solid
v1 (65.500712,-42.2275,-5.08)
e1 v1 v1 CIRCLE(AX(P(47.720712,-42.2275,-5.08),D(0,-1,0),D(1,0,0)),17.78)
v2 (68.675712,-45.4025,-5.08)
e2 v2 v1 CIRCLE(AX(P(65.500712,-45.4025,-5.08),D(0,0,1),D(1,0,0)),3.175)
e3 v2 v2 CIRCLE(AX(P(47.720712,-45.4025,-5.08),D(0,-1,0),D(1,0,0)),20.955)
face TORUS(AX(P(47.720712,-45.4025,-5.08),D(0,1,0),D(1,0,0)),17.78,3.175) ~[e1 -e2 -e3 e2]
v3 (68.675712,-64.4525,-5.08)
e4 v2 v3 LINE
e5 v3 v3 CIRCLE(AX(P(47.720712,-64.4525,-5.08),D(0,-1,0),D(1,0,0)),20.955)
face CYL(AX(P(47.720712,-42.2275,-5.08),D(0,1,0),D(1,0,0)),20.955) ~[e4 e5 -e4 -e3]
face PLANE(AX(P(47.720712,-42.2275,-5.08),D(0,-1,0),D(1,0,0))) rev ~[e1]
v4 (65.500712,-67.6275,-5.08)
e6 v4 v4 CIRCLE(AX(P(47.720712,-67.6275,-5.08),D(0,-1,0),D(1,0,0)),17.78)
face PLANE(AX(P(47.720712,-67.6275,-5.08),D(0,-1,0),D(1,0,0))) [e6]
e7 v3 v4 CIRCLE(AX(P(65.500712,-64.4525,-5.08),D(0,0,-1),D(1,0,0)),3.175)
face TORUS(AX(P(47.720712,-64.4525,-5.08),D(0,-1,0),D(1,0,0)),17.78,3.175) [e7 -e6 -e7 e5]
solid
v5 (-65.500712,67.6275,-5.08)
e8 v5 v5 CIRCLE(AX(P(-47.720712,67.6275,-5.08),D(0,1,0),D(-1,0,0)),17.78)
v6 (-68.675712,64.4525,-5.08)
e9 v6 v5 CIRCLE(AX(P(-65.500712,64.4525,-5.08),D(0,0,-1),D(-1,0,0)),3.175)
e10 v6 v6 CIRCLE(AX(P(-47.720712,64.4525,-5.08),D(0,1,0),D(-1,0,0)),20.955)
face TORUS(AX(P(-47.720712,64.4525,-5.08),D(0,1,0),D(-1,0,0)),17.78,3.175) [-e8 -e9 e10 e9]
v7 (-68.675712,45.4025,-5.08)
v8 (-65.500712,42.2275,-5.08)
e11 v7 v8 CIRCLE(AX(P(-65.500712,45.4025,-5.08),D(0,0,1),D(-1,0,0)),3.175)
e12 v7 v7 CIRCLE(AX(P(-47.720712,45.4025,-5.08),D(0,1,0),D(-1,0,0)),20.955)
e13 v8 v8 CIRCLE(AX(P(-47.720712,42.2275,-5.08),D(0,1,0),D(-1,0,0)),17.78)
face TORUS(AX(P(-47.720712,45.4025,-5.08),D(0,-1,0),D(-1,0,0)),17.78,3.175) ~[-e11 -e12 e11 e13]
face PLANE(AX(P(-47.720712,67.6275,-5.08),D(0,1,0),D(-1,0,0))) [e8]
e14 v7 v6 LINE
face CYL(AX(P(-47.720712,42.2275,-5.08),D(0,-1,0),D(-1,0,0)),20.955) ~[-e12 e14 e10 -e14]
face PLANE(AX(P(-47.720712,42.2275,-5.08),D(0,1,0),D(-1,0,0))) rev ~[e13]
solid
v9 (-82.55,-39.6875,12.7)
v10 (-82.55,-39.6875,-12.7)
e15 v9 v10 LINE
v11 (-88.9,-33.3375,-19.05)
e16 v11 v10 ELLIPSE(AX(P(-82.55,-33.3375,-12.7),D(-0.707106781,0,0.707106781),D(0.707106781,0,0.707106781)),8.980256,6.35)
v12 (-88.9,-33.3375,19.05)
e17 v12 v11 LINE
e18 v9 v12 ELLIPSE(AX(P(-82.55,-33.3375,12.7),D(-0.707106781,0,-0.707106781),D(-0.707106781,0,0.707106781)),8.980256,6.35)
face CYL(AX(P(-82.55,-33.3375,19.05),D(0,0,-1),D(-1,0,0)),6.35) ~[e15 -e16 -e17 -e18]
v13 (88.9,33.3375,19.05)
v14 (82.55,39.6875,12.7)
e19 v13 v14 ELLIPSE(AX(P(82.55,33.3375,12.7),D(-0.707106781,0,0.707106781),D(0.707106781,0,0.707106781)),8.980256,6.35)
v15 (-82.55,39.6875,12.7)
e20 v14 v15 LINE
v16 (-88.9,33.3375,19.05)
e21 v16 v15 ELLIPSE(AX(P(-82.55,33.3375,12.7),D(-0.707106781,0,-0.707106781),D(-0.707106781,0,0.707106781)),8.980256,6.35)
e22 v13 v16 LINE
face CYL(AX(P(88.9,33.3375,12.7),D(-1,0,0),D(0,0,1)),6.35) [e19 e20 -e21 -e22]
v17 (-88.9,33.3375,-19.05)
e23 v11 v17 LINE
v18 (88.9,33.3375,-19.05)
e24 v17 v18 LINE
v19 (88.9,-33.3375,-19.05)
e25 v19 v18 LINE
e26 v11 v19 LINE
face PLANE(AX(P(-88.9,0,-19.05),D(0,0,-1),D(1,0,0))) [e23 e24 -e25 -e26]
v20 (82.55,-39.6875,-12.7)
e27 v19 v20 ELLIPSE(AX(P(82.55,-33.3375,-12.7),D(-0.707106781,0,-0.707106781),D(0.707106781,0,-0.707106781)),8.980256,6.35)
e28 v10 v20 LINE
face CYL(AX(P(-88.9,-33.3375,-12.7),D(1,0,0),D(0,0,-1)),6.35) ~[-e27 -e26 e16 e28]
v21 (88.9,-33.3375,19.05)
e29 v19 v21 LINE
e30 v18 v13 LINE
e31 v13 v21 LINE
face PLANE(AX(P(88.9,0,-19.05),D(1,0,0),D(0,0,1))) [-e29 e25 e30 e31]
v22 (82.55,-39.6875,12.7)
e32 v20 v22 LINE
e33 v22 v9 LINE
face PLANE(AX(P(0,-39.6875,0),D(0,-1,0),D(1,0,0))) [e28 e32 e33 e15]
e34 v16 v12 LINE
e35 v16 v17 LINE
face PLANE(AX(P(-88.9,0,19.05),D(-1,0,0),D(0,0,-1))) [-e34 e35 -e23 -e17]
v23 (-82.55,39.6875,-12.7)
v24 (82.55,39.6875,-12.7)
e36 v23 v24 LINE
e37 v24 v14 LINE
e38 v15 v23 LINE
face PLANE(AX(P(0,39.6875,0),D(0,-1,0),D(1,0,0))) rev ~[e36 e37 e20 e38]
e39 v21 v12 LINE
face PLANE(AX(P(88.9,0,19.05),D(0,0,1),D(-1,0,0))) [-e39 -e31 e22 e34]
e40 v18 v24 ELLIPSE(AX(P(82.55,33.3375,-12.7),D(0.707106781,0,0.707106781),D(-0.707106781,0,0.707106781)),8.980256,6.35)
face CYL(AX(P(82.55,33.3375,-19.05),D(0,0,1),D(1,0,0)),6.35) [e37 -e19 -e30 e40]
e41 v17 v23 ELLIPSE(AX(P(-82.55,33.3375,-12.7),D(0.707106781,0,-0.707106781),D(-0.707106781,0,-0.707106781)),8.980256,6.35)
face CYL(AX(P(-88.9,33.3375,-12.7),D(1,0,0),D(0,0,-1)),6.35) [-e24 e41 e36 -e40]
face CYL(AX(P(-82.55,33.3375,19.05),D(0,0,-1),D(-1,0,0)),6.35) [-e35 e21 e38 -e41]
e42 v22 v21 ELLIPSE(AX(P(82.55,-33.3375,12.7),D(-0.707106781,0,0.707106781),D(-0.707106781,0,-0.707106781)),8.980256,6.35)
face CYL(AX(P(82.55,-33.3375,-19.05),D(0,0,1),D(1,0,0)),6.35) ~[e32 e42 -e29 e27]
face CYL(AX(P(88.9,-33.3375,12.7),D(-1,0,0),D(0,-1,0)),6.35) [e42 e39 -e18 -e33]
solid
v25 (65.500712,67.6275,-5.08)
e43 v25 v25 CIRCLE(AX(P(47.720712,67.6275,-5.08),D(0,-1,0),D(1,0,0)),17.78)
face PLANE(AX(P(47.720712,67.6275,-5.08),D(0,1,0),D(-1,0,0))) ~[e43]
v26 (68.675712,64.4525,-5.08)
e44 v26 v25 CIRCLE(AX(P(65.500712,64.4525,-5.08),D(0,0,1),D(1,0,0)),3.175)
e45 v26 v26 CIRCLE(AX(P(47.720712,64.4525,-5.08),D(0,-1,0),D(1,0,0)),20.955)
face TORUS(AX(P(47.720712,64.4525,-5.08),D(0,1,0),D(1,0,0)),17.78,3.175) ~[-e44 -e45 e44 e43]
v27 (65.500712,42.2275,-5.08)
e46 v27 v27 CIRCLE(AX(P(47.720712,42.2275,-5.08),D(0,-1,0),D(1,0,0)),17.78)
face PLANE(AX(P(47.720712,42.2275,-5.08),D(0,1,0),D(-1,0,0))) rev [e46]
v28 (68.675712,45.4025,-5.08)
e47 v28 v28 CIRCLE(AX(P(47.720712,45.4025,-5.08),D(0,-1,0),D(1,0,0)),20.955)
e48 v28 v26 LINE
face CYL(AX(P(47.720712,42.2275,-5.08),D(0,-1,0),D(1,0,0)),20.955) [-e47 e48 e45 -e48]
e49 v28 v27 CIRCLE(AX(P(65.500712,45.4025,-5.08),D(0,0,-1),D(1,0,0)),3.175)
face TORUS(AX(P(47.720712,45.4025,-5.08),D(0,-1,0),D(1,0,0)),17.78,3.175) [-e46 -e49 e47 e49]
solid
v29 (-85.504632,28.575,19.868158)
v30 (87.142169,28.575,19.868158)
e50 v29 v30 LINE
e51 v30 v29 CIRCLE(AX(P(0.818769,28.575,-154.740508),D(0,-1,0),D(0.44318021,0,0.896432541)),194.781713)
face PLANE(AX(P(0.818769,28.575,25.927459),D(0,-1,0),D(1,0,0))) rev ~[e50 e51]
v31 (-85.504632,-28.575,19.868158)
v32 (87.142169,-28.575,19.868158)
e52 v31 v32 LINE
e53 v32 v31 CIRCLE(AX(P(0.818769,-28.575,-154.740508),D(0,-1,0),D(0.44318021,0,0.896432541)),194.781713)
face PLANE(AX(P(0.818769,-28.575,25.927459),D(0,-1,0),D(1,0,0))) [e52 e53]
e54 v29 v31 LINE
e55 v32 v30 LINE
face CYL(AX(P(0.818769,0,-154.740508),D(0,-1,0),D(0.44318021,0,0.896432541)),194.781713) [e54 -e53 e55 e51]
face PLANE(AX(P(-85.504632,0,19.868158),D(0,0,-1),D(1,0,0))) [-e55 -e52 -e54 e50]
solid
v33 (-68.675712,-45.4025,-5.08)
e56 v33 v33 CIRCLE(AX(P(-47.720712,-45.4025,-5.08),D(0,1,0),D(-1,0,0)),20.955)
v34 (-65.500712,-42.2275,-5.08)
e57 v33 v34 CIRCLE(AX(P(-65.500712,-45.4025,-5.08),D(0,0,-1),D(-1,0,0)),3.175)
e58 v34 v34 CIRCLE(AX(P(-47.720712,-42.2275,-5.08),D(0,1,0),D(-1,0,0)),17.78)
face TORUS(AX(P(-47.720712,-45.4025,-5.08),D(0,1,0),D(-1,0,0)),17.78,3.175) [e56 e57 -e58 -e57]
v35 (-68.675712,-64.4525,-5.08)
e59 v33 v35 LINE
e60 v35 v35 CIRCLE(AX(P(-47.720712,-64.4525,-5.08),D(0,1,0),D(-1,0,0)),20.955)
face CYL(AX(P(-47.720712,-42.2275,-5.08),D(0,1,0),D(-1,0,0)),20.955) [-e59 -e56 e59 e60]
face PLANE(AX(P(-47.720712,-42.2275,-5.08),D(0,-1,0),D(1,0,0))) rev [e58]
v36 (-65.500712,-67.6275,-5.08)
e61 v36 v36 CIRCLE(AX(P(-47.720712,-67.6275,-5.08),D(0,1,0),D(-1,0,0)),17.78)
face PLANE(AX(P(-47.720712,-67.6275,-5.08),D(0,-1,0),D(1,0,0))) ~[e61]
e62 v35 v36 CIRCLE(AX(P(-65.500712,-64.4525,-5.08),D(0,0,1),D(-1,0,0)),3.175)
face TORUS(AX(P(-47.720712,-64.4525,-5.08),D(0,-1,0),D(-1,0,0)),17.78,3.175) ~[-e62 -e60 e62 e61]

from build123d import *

# Parameters (mm, degrees)
F2_DEPTH  = 39.6875
F4_R      = 20.955
F5_DEPTH  = 25.4
F6_R      = 6.35
F7_R      = 3.175
F11_DEPTH = 28.575


with BuildPart() as f2:
    # F0 (on Front) → F2 (new body, symmetric)
    with BuildSketch(Plane.XZ):
        Polygon((59.189826, -19.05), (88.9, -19.05), (88.9, 19.05), (-88.9, 19.05), (-88.9, -19.05), align=None)
    extrude(amount=F2_DEPTH, both=True)

    # F6
    f6_edges = [f2.edges().sort_by_distance(p)[0] for p in [
        (0, -39.6875, 19.05),
        (0, -39.6875, -19.05),
        (-88.9, -39.6875, 0),
        (88.9, -39.6875, 0),
        (88.9, 39.6875, 0),
        (0, 39.6875, 19.05),
        (-88.9, 39.6875, 0),
        (0, 39.6875, -19.05),
    ]]
    fillet(f6_edges, radius=F6_R)


with BuildPart() as f5:
    # F4 (on offset) → F5 (new body)
    with BuildSketch(Plane.XZ.offset(42.2275)):
        with Locations((47.720712, -5.08)):
            Circle(F4_R)
    extrude(amount=F5_DEPTH)

    # F7
    f7_edges = [f5.edges().sort_by_distance(p)[0] for p in [
        (26.765712, -67.6275, -5.08),
        (26.765712, -42.2275, -5.08),
    ]]
    fillet(f7_edges, radius=F7_R)


with BuildPart() as f8_1:
    # F8: instance of F5
    add(f5.part.mirror(Plane.XZ))


with BuildPart() as f9_1:
    # F9: instance of F5
    add(f5.part.mirror(Plane.YZ))


with BuildPart() as f9_2:
    # F9: instance of F8_1
    add(f8_1.part.mirror(Plane.YZ))


with BuildPart() as f11:
    # F10 (on Front) → F11 (new body, symmetric)
    with BuildSketch(Plane.XZ):
        with BuildLine():
            ThreePointArc((87.142169, 19.868158), (0.818769, 40.041205), (-85.504632, 19.868158))
            Line((-85.504632, 19.868158), (87.142169, 19.868158))
        make_face()
    extrude(amount=F11_DEPTH, both=True)


solid = Compound([f2.part, f5.part, f8_1.part, f9_1.part, f9_2.part, f11.part])
